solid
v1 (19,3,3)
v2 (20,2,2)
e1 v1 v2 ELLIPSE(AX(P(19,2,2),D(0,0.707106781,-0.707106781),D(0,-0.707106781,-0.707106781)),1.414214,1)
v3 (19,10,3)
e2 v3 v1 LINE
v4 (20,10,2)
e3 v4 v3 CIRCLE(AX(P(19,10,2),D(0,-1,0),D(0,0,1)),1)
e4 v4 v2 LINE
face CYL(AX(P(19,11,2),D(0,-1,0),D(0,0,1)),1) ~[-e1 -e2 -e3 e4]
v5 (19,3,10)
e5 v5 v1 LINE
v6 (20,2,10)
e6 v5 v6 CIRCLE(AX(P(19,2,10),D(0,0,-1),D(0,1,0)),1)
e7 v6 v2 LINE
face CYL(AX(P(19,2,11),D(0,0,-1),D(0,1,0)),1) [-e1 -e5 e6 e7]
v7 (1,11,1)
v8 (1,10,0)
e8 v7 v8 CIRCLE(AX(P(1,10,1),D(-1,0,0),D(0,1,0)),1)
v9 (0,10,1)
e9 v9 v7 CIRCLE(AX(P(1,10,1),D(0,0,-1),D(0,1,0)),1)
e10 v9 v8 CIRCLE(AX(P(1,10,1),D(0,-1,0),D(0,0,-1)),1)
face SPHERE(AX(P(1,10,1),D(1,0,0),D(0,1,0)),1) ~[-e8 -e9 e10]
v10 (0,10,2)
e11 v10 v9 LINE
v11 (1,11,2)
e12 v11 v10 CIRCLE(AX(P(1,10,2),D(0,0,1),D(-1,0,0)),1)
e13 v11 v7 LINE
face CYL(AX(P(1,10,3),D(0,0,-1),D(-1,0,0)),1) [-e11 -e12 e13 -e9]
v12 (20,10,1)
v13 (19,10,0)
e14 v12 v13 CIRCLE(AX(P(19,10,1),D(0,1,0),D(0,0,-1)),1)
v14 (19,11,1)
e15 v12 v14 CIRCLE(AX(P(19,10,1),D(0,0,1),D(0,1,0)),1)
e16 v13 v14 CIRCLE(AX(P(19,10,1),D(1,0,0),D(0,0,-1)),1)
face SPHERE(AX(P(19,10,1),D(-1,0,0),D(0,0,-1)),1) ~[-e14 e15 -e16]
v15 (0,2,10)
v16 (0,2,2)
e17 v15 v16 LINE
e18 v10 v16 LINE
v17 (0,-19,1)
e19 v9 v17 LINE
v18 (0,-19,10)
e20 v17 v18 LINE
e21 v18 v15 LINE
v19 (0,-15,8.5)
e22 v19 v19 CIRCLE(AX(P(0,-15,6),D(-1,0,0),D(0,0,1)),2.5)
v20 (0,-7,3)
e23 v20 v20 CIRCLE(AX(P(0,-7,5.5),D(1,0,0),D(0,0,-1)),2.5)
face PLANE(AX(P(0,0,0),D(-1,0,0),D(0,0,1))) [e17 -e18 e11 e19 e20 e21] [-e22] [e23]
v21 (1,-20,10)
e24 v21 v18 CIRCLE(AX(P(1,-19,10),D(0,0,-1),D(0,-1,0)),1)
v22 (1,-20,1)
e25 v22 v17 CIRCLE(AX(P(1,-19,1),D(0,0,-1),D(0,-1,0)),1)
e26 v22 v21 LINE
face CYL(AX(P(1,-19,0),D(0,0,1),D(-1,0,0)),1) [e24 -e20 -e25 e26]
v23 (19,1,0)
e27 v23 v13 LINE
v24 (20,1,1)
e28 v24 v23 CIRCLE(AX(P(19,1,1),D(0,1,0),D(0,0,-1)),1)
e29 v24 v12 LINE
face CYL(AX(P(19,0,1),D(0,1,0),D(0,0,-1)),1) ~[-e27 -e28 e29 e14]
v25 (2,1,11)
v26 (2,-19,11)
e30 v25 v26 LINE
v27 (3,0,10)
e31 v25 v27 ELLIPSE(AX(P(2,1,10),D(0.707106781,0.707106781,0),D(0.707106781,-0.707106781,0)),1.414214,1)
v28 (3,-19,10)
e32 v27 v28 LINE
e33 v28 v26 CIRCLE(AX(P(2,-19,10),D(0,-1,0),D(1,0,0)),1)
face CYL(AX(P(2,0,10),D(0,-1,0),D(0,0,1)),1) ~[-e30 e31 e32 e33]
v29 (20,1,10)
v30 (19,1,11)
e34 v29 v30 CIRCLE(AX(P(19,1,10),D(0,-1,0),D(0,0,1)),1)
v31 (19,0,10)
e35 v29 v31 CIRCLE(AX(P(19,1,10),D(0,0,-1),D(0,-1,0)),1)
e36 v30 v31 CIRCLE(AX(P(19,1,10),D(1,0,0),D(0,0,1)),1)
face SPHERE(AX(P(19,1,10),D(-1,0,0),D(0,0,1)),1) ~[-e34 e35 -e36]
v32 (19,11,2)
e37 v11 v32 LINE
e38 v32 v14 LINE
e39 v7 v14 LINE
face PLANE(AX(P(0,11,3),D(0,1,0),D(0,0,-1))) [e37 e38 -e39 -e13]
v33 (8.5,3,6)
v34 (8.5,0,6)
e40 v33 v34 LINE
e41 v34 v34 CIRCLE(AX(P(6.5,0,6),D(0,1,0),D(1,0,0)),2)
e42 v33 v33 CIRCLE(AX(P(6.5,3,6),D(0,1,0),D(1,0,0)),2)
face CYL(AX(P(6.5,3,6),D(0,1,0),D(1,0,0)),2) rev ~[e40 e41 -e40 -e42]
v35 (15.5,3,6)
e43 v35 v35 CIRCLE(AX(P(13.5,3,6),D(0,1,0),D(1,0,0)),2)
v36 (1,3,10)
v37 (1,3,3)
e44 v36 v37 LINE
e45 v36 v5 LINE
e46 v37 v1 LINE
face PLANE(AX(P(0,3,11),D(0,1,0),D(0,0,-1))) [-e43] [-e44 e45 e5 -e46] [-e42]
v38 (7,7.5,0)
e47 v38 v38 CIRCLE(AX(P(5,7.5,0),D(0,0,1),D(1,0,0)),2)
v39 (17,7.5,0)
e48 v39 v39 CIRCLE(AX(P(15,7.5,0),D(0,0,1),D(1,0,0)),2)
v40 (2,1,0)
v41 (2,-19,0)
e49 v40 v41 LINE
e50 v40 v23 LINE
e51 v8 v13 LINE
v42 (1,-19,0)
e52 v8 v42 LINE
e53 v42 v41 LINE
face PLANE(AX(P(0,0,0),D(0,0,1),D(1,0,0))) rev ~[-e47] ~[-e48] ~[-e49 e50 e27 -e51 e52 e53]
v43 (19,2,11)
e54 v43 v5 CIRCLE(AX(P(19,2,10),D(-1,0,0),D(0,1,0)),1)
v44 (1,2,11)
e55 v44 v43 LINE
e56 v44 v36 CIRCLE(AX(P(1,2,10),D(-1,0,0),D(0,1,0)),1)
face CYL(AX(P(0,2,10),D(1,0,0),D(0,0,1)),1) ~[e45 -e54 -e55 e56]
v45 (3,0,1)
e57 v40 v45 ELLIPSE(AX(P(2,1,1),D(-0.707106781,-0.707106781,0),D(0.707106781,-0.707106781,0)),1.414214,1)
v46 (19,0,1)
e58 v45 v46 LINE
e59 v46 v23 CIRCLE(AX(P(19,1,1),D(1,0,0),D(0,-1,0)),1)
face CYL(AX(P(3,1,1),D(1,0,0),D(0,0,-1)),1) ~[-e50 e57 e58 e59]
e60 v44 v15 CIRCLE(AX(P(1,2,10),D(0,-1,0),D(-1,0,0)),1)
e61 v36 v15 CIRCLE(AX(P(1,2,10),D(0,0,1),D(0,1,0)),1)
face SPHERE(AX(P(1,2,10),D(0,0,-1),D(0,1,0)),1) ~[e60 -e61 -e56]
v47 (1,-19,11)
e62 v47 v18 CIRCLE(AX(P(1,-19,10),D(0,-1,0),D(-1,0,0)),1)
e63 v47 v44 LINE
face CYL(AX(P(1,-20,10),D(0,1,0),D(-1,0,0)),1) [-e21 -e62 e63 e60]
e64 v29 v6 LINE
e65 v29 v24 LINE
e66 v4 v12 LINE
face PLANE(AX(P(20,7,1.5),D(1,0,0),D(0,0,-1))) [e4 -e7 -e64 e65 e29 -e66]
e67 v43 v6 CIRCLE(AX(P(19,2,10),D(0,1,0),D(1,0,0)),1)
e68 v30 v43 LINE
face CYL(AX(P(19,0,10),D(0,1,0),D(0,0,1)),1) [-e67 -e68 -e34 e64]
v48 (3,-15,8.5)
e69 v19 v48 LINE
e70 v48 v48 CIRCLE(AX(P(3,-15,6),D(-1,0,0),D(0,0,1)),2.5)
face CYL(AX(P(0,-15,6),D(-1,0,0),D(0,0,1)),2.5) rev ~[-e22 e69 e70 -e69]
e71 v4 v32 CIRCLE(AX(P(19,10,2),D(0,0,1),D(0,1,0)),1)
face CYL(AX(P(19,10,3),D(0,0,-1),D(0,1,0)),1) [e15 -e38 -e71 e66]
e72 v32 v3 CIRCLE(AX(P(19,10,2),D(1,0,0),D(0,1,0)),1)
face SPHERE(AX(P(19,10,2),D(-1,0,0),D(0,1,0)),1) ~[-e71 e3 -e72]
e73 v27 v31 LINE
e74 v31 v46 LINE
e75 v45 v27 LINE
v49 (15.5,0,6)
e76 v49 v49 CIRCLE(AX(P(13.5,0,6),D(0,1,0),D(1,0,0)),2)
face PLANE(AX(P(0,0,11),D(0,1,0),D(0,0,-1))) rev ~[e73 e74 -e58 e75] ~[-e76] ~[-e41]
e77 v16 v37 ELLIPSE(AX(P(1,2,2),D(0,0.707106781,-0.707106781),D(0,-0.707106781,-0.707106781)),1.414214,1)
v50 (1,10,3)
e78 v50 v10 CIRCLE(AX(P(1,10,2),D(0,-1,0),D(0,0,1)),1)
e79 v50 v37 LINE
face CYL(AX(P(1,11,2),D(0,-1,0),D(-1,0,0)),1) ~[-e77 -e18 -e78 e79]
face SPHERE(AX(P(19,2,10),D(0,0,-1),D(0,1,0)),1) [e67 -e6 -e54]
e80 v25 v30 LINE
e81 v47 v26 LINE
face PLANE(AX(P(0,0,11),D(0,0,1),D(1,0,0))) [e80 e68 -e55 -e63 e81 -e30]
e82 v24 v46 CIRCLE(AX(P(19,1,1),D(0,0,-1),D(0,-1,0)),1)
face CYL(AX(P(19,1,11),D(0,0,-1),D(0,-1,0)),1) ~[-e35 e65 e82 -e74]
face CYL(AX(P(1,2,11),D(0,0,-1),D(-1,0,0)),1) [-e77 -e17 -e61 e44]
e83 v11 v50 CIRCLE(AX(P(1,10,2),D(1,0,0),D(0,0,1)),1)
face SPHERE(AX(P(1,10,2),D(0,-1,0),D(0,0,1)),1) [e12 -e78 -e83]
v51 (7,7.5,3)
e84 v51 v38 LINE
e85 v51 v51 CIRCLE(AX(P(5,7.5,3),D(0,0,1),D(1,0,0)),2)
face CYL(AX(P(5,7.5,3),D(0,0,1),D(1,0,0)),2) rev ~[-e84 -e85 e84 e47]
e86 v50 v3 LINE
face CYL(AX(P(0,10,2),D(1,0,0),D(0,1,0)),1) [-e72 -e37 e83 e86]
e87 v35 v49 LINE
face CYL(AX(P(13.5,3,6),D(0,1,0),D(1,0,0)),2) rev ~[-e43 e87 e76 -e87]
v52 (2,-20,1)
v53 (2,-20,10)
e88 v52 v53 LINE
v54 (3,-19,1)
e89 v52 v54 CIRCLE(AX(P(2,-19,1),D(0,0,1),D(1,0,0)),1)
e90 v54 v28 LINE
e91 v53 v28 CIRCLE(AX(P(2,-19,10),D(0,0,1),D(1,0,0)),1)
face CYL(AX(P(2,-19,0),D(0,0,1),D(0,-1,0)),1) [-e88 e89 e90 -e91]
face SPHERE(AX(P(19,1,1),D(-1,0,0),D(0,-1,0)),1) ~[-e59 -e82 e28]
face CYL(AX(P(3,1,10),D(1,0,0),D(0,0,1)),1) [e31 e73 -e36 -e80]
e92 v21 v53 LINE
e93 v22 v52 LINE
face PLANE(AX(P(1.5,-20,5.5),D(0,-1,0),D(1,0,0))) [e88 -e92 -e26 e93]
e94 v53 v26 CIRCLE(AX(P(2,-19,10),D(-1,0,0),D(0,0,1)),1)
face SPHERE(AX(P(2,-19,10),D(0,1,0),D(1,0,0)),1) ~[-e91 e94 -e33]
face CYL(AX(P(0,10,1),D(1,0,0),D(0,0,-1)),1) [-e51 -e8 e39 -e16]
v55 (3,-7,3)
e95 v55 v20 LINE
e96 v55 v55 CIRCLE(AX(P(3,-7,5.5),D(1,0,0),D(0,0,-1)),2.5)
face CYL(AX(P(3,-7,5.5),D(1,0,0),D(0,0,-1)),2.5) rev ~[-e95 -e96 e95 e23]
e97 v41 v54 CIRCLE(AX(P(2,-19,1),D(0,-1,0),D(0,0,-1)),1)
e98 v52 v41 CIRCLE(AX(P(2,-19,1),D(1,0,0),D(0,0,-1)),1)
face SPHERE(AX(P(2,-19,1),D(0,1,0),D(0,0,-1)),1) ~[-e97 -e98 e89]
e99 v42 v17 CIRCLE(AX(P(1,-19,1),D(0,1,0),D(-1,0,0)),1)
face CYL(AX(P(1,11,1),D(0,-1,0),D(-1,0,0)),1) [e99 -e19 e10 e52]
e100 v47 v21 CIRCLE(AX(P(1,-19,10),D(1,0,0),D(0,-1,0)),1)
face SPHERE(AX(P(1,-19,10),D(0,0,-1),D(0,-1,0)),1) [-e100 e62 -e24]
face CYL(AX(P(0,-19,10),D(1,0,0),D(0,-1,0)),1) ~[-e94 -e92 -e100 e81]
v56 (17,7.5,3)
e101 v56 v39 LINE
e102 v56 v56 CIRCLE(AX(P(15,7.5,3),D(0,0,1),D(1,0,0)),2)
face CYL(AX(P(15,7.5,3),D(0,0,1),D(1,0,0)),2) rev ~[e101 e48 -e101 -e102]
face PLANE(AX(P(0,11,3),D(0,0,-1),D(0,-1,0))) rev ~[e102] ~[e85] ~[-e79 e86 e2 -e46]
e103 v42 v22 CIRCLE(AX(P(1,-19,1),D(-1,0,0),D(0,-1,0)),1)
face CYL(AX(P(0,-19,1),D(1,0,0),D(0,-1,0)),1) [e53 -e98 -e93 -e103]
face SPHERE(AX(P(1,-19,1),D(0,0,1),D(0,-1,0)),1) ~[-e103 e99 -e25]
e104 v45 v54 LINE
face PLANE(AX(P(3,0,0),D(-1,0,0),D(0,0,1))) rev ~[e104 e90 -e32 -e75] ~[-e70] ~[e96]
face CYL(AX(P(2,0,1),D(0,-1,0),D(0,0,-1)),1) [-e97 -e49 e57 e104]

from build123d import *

# Parameters (mm, degrees)
SKETCH1_W           = 3
SKETCH1_H           = 8
SKETCH1_H_2         = 3
SKETCH1_W_2         = 8
BOSS_EXTRUDE1_DEPTH = 20
SKETCH2_R           = 2
CUT_EXTRUDE1_DEPTH  = 4
SKETCH3_R           = 2
CUT_EXTRUDE2_DEPTH  = 4
SKETCH4_W           = 3
SKETCH4_H           = 11
BOSS_EXTRUDE2_DEPTH = 20
SKETCH5_R           = 2.5
CUT_EXTRUDE3_DEPTH  = 21
FILLET1_R           = 1
SKETCH6_R           = 2.5
CUT_EXTRUDE4_DEPTH  = 4


with BuildPart() as part:
    # Sketch1 → Boss-Extrude1 (new body)
    with BuildSketch(Plane(origin=(0, 0, 0), x_dir=(0, 0, -1), z_dir=(1, 0, 0))):
        with Locations((-1.5, 7)):
            Rectangle(SKETCH1_W, SKETCH1_H)
        with Locations((-1.5, 1.5)):
            Rectangle(SKETCH1_W, SKETCH1_H_2)
        with Locations((-7, 1.5)):
            Rectangle(SKETCH1_W_2, SKETCH1_H_2)
    extrude(amount=BOSS_EXTRUDE1_DEPTH)

    # Sketch2 → Cut-Extrude1 (cut, through all)
    with BuildSketch(Plane.XY.offset(3)):
        with Locations((5, 7.5)):
            Circle(SKETCH2_R)
        with Locations((15, 7.5)):
            Circle(SKETCH2_R)
    extrude(amount=-CUT_EXTRUDE1_DEPTH, mode=Mode.SUBTRACT)

    # Sketch3 → Cut-Extrude2 (cut, through all)
    with BuildSketch(Plane(origin=(0, 3, 0), x_dir=(1, 0, 0), z_dir=(0, 1, 0))):
        with Locations((6.5, -6)):
            Circle(SKETCH3_R)
        with Locations((13.5, -6)):
            Circle(SKETCH3_R)
    extrude(amount=-CUT_EXTRUDE2_DEPTH, mode=Mode.SUBTRACT)

    # Sketch4 → Boss-Extrude2 (add)
    with BuildSketch(Plane.XZ):
        with Locations((1.5, 5.5)):
            Rectangle(SKETCH4_W, SKETCH4_H)
    extrude(amount=BOSS_EXTRUDE2_DEPTH)

    # Sketch5 → Cut-Extrude3 (cut, through all)
    with BuildSketch(Plane.ZY):
        with Locations((6, -15)):
            Circle(SKETCH5_R)
    extrude(amount=-CUT_EXTRUDE3_DEPTH, mode=Mode.SUBTRACT)

    # Fillet1
    fillet1_edges = [part.edges().sort_by_distance(p)[0] for p in [
        (20, 3, 7),
        (0, 3, 7),
        (0, 7, 3),
        (10, 11, 3),
        (10, 11, 0),
        (11.5, 0, 0),
        (11.5, 0, 11),
        (10, 3, 11),
        (20, 1.5, 11),
        (20, 0, 5.5),
        (20, 5.5, 0),
        (20, 11, 1.5),
        (3, -10, 0),
        (3, -10, 11),
        (0, -20, 5.5),
        (1.5, -20, 0),
        (3, -20, 5.5),
        (1.5, -20, 11),
        (20, 7, 3),
        (0, 11, 1.5),
        (0, -4.5, 0),
        (0, -8.5, 11),
    ]]
    fillet(fillet1_edges, radius=FILLET1_R)

    # Sketch6 → Cut-Extrude4 (cut, through all)
    with BuildSketch(Plane(origin=(3, 0, 0), x_dir=(0, 0, -1), z_dir=(1, 0, 0))):
        with Locations((-5.5, -7)):
            Circle(SKETCH6_R)
    extrude(amount=-CUT_EXTRUDE4_DEPTH, mode=Mode.SUBTRACT)


solid = part.part
